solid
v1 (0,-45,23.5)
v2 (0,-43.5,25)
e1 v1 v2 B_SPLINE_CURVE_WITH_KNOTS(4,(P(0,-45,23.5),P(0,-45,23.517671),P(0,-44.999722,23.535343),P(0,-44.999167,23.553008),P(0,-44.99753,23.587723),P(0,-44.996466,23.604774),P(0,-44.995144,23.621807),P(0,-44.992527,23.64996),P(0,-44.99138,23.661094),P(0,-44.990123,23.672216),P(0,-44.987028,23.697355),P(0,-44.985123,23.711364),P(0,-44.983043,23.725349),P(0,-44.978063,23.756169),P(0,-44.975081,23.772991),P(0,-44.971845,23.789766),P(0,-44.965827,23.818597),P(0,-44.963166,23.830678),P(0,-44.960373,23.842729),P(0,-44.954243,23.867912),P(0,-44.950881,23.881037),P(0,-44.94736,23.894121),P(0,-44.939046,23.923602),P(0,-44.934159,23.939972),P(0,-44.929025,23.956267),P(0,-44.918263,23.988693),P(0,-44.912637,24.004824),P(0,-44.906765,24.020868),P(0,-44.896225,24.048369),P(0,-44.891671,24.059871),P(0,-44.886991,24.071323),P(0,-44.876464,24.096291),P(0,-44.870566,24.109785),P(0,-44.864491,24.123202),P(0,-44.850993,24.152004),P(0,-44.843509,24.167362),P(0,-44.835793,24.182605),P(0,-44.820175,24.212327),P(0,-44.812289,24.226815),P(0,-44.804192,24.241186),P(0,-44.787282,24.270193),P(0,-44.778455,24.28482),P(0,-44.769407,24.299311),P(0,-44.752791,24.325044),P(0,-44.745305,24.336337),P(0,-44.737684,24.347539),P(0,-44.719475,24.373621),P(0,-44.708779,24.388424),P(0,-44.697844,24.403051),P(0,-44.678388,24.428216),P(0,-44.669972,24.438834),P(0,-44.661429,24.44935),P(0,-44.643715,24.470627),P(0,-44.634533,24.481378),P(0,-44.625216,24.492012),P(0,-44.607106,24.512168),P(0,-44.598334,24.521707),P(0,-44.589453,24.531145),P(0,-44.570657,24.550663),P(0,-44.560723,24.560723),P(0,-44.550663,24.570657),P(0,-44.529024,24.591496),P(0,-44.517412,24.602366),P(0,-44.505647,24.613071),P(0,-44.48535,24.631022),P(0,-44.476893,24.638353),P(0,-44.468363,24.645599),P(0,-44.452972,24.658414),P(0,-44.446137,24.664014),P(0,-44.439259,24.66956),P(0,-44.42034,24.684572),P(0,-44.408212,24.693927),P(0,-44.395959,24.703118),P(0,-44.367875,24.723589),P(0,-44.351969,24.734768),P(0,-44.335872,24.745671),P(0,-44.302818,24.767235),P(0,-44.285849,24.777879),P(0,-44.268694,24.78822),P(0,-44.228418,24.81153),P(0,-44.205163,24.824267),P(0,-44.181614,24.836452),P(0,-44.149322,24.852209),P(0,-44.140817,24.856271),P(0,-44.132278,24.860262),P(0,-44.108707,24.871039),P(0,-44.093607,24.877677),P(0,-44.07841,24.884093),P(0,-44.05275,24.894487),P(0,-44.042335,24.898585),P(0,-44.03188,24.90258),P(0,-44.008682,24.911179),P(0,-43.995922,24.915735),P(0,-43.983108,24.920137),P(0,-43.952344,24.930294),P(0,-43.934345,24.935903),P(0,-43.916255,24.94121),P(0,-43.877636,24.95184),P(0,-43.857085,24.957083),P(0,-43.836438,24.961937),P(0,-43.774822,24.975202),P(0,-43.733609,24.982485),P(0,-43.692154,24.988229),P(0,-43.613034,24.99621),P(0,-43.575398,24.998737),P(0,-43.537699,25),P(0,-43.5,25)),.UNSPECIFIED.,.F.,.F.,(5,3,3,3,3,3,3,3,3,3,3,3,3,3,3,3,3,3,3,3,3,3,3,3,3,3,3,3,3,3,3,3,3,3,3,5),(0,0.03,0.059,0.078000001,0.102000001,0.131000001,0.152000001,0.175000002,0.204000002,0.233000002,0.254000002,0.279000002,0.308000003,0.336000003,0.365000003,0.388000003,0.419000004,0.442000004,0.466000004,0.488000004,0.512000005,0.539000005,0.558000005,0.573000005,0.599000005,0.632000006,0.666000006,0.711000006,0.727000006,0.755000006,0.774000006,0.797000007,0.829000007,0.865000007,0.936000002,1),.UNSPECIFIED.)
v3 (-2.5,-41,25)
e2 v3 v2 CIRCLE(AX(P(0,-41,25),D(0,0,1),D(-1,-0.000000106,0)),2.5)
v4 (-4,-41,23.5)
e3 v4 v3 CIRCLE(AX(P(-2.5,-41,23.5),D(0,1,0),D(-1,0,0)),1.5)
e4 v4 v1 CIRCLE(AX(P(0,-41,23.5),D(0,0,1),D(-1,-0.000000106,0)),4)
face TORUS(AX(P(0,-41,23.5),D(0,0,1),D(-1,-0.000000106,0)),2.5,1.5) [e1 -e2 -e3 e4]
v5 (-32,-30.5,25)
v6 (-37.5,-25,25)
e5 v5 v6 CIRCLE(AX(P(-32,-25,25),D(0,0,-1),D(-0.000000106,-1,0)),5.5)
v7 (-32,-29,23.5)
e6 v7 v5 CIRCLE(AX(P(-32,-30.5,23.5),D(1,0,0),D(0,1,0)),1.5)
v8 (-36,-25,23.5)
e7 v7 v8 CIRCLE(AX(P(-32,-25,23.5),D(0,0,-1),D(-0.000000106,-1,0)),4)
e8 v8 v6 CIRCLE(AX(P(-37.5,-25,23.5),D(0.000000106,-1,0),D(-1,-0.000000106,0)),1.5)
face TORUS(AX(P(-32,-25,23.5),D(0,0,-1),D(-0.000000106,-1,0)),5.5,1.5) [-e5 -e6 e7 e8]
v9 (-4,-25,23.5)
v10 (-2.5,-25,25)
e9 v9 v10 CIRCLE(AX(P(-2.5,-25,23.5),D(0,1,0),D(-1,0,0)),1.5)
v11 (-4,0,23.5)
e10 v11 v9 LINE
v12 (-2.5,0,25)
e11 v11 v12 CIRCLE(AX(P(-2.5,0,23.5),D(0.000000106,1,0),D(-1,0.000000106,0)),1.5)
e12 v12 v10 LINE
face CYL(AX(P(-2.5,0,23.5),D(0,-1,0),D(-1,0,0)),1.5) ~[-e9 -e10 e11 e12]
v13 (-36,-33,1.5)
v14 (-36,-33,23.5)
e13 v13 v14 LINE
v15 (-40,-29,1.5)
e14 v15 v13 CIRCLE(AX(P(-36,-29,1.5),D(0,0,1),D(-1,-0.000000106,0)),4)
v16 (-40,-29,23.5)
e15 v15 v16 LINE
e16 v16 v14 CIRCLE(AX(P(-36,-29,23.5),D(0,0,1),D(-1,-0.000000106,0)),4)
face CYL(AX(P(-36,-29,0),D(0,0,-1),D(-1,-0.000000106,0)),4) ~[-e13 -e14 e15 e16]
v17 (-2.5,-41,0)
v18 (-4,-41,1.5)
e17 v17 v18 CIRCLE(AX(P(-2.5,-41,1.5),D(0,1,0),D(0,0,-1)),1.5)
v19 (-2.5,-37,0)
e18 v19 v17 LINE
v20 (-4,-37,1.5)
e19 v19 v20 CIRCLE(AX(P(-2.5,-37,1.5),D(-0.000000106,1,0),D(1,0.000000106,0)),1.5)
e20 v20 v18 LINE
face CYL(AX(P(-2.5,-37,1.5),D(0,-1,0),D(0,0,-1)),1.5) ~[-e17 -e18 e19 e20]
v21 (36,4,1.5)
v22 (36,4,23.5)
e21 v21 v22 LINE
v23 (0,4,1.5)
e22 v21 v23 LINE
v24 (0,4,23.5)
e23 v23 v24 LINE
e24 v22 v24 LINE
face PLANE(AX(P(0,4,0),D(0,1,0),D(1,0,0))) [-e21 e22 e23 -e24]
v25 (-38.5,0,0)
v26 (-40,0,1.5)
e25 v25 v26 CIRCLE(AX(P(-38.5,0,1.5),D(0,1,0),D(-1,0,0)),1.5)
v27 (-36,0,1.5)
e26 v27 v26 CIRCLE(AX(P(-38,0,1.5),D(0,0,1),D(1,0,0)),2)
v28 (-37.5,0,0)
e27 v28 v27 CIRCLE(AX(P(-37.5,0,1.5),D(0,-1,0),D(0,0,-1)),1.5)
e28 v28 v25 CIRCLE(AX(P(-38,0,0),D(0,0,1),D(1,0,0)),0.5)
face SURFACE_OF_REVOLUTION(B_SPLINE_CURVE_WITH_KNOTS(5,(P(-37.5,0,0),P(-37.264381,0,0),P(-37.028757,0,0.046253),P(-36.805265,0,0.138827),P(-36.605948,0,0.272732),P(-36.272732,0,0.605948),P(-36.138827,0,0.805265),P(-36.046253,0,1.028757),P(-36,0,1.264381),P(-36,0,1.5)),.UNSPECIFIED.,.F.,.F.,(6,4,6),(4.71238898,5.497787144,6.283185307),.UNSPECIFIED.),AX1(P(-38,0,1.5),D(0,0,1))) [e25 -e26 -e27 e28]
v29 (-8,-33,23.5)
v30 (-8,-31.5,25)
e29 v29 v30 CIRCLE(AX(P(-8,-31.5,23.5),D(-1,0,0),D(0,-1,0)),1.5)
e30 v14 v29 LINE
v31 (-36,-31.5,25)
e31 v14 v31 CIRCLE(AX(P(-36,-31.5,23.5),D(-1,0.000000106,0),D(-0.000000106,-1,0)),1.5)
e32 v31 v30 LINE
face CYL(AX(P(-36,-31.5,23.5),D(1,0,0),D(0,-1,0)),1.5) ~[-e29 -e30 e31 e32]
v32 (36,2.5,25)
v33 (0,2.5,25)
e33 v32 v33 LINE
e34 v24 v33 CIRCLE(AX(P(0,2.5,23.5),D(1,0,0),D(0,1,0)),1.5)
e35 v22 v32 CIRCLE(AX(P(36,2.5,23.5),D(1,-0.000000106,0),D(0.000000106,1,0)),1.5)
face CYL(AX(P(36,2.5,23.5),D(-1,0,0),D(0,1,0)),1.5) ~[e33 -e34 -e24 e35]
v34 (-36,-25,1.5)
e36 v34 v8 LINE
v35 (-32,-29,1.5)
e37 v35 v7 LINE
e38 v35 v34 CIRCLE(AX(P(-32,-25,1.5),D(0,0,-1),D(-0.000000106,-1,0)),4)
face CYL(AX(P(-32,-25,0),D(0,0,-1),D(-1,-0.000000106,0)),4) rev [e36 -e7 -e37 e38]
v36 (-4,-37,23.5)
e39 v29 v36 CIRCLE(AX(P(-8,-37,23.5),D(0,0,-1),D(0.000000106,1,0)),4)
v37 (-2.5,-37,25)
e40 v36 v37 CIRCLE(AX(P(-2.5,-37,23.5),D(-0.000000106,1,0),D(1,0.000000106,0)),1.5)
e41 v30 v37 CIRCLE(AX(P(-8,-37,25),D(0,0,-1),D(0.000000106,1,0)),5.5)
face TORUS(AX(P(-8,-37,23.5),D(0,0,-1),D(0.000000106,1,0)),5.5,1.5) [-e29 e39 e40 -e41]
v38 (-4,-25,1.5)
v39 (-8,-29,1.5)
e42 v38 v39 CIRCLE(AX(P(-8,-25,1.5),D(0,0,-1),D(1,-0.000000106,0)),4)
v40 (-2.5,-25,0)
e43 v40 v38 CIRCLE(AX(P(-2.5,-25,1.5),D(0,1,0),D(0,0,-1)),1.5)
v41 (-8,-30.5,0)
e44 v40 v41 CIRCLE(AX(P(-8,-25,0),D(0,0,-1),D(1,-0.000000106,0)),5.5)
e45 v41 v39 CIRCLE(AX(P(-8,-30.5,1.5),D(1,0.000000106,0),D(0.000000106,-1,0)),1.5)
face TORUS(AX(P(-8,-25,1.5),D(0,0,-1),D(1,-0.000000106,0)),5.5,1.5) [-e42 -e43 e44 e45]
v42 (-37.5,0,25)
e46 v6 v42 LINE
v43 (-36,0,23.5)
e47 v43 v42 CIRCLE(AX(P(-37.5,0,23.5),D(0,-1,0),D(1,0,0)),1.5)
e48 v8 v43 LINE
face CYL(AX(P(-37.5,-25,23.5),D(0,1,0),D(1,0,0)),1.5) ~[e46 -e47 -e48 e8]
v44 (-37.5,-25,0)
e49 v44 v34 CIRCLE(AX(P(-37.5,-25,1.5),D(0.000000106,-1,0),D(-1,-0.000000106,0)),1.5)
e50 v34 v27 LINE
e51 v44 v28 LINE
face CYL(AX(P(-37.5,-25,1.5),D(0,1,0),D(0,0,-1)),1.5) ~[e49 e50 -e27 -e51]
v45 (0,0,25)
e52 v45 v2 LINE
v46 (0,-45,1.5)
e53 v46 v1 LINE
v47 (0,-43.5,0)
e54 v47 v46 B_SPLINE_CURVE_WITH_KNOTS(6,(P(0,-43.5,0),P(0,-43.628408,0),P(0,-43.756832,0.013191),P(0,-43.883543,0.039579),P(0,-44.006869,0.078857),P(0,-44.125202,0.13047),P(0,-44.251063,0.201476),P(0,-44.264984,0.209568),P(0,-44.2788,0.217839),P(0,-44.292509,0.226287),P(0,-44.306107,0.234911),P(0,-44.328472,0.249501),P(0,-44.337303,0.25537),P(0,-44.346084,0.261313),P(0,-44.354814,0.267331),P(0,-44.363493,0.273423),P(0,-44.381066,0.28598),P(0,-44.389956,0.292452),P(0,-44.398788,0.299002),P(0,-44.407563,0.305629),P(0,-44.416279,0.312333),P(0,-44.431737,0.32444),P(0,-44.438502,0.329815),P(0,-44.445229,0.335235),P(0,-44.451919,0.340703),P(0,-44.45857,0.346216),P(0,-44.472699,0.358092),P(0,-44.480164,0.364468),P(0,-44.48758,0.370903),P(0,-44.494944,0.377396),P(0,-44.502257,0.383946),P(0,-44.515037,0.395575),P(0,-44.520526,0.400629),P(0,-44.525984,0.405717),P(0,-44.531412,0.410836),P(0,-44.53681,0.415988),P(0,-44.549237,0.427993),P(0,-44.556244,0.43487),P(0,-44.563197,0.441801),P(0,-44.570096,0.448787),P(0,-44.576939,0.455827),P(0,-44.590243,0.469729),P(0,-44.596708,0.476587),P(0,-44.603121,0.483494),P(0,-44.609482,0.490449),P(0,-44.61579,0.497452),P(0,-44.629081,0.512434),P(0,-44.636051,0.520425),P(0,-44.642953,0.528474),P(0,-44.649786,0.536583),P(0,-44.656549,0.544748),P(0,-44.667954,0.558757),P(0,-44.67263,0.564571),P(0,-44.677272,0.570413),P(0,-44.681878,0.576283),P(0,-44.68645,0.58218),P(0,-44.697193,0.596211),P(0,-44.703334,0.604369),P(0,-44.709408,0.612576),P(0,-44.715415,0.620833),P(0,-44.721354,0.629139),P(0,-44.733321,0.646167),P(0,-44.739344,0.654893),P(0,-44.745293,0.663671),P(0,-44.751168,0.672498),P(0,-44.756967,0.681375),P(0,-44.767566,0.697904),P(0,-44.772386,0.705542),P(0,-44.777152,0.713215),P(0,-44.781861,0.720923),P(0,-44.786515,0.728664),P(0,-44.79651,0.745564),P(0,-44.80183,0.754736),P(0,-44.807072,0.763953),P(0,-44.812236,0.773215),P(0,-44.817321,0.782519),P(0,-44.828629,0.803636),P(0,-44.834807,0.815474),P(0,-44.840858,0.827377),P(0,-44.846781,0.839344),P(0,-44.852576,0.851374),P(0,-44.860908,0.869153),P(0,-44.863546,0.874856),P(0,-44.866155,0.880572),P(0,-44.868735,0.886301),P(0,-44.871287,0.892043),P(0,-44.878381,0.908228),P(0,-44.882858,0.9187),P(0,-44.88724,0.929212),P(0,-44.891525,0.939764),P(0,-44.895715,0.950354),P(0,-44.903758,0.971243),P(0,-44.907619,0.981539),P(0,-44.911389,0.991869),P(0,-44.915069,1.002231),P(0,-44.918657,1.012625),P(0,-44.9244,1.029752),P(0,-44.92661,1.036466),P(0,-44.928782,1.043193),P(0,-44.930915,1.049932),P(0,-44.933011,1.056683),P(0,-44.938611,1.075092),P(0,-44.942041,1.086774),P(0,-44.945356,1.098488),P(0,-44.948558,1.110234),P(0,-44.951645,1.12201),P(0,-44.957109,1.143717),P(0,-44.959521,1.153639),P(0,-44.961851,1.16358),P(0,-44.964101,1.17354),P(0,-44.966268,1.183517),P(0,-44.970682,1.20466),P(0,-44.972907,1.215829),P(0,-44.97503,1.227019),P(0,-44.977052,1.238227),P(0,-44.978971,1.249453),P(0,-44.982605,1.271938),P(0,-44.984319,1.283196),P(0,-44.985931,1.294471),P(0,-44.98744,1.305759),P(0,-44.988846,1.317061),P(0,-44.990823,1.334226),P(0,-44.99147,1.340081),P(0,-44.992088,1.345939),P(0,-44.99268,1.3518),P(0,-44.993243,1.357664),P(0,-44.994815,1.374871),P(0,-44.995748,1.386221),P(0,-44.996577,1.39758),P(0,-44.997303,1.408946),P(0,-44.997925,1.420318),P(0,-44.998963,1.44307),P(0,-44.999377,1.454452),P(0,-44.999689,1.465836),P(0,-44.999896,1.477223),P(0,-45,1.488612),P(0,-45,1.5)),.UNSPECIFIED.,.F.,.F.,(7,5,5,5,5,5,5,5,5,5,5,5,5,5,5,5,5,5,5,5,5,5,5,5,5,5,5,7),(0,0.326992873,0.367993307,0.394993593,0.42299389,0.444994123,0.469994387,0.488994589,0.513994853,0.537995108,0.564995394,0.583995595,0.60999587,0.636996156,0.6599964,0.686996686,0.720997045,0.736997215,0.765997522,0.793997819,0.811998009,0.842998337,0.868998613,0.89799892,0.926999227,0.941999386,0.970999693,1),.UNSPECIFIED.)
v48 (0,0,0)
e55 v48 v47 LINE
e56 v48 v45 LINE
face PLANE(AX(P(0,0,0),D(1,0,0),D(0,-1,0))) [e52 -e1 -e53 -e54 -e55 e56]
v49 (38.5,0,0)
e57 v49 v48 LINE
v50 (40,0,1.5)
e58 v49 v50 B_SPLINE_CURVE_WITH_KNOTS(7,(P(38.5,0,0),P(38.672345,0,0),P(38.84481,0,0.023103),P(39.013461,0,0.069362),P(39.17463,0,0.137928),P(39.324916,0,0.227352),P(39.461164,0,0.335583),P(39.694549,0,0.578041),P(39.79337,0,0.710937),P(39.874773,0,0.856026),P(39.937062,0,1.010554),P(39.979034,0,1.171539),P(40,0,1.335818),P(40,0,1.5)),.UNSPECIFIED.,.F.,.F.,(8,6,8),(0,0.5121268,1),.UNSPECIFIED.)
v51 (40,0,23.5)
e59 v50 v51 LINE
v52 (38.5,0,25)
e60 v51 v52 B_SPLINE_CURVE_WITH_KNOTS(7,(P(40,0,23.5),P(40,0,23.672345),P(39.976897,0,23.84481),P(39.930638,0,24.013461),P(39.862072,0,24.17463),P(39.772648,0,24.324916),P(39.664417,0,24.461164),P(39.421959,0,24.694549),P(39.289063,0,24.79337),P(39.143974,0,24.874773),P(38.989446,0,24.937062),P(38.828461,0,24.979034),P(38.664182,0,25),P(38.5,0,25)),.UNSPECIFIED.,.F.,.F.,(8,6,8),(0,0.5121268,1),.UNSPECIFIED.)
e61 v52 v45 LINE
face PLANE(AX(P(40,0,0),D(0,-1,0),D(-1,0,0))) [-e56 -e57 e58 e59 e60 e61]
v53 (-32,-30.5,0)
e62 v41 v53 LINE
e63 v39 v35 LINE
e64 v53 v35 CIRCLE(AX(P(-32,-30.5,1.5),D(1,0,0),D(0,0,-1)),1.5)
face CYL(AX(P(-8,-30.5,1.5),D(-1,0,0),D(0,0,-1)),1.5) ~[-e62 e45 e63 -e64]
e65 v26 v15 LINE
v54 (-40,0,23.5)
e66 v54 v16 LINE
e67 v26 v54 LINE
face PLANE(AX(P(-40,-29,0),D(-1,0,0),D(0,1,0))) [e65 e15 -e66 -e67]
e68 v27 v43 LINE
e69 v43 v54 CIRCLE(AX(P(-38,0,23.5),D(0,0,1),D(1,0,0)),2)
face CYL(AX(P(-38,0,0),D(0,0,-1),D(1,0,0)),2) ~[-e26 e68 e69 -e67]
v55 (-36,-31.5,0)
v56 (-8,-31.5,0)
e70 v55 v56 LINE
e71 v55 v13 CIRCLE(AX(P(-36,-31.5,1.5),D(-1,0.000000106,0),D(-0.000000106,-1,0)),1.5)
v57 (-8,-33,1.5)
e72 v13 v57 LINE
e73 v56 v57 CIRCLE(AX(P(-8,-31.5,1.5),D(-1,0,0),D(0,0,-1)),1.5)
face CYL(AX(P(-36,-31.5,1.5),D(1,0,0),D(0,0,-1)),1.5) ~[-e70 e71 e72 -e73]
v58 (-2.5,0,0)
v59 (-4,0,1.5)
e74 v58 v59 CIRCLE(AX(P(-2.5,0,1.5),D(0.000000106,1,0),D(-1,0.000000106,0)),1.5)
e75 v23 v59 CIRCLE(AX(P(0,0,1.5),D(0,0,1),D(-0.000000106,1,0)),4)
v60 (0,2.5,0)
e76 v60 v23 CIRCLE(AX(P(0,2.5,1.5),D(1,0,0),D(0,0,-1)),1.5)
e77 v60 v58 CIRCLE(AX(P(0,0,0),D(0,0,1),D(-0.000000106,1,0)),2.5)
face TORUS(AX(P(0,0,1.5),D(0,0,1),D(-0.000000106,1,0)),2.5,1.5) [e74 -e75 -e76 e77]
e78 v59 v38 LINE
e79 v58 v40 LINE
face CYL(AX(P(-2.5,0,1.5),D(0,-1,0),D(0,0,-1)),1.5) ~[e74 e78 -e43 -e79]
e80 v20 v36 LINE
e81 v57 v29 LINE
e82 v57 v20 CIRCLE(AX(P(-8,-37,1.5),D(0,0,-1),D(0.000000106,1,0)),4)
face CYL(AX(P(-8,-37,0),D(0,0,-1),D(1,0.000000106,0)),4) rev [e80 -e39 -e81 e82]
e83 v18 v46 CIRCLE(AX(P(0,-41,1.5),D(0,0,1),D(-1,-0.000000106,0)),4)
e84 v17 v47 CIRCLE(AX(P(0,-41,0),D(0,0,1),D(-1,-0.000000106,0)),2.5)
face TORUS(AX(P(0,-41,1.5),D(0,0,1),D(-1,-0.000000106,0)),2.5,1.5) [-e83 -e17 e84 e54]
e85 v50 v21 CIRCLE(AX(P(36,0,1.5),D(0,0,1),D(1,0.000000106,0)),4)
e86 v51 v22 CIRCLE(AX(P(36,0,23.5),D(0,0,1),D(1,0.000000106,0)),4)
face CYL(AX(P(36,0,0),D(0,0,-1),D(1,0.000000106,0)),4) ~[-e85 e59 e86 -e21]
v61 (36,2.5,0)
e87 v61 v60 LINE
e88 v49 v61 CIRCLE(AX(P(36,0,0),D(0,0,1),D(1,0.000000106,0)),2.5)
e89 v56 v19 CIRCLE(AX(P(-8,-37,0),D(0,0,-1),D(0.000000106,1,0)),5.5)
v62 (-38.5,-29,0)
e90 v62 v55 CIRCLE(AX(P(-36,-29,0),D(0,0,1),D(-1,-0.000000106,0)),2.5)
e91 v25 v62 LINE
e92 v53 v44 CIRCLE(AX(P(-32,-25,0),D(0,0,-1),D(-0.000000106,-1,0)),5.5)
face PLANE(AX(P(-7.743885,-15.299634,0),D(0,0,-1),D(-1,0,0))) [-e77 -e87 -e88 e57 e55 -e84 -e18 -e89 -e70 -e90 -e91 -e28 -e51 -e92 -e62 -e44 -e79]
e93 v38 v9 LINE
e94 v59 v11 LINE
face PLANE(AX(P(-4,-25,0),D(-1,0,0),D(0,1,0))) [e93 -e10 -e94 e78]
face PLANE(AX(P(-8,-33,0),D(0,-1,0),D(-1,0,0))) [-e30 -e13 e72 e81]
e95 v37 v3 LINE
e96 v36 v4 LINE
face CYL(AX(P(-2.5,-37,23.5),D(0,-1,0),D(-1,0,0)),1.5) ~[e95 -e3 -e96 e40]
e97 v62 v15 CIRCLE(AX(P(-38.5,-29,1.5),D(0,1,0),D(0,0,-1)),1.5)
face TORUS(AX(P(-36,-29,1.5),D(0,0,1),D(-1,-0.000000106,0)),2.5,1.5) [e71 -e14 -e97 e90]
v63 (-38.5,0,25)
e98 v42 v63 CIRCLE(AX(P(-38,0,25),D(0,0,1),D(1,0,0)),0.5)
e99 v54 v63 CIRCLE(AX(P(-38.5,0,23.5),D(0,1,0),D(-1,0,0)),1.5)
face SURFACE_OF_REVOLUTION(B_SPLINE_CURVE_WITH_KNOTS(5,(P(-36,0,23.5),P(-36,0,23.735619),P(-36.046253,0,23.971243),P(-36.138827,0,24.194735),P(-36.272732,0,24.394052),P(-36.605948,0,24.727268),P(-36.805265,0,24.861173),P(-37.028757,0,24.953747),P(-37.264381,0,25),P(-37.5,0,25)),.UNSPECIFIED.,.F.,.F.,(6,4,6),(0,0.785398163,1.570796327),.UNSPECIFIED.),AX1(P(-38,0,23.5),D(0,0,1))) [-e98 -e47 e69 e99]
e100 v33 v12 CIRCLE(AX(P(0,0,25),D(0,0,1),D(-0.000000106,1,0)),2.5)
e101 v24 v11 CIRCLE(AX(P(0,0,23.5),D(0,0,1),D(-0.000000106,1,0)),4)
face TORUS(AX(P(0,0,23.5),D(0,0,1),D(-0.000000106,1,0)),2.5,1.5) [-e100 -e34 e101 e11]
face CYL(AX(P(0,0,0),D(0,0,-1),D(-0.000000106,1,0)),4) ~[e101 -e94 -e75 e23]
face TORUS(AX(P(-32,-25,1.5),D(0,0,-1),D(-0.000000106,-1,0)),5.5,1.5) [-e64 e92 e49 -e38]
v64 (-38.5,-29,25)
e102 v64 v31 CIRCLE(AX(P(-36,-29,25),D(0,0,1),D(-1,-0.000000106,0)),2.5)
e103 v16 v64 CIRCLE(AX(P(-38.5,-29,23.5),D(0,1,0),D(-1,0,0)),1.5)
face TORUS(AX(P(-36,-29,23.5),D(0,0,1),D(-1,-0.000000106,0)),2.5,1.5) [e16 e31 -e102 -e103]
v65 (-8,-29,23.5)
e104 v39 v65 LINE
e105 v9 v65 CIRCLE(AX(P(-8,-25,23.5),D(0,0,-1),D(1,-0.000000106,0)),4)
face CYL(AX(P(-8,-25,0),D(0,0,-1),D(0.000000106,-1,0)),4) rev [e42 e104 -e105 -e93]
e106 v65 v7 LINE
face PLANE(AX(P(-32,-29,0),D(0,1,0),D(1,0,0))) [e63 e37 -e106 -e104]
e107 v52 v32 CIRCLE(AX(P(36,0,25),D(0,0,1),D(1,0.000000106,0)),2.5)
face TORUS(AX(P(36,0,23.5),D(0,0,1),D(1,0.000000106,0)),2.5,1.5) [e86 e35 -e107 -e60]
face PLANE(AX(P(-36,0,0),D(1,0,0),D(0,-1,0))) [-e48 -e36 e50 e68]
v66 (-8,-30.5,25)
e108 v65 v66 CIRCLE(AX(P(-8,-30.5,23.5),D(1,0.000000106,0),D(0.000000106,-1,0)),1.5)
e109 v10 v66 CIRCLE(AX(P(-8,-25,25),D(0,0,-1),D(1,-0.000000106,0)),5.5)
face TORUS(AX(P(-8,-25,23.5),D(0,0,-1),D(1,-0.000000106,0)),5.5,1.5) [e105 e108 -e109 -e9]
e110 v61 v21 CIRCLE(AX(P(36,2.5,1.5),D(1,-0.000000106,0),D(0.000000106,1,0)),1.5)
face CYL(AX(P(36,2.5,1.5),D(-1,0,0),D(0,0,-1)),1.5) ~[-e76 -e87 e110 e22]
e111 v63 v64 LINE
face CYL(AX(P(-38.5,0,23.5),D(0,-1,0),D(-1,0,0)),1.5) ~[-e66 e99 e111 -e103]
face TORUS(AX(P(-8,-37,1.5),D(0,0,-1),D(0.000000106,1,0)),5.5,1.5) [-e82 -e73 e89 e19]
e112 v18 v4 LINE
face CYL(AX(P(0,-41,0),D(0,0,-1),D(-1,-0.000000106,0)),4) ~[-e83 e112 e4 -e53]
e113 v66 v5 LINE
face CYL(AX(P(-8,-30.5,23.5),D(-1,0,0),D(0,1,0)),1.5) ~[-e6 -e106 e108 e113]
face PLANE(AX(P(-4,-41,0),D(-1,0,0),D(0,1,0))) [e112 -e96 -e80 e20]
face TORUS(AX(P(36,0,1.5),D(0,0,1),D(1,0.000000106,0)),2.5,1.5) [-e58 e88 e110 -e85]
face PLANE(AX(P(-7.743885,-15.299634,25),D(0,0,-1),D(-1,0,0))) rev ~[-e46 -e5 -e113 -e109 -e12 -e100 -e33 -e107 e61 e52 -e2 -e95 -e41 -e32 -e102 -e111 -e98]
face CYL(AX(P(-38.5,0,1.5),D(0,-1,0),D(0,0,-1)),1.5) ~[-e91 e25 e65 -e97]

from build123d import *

# Parameters (mm, degrees)
PAD_DEPTH   = 25
FILLET_R    = 1.5
FILLET001_R = 1.5


with BuildPart() as part:
    # Sketch → Pad (new body)
    with BuildSketch(Plane.XY):
        with BuildLine():
            Line((0, 0), (0, -45))
            ThreePointArc((-4, -41), (-2.828427, -43.828427), (0, -45))
            Line((-4, -41), (-4, -37))
            ThreePointArc((-4, -37), (-5.171573, -34.171573), (-8, -33))
            Line((-8, -33), (-36, -33))
            ThreePointArc((-40, -29), (-38.828427, -31.828427), (-36, -33))
            Line((-40, -29), (-40, 0))
            ThreePointArc((-36, 0), (-38, 2), (-40, 0))
            Line((-36, 0), (-36, -25))
            ThreePointArc((-36, -25), (-34.828427, -27.828427), (-32, -29))
            Line((-32, -29), (-8, -29))
            ThreePointArc((-8, -29), (-5.171573, -27.828427), (-4, -25))
            Line((-4, -25), (-4, 0))
            ThreePointArc((0, 4), (-2.828427, 2.828427), (-4, 0))
            Line((0, 4), (36, 4))
            ThreePointArc((40, 0), (38.828427, 2.828427), (36, 4))
            Line((40, 0), (0, 0))
        make_face()
    extrude(amount=PAD_DEPTH)

    # Fillet
    fillet_edges = [part.edges().sort_by_distance(p)[0] for p in [
        (-2.828427, -43.828427, 25),
        (-4, -39, 25),
        (-5.171573, -34.171573, 25),
        (-22, -33, 25),
        (-38.828427, -31.828427, 25),
        (-40, -14.5, 25),
        (-38, 2, 25),
        (-36, -12.5, 25),
        (-34.828427, -27.828427, 25),
        (-20, -29, 25),
        (-5.171573, -27.828427, 25),
        (-4, -12.5, 25),
        (-2.828427, 2.828427, 25),
        (18, 4, 25),
        (38.828427, 2.828427, 25),
    ]]
    fillet(fillet_edges, radius=FILLET_R)

    # Fillet001
    fillet001_edges = [part.edges().sort_by_distance(p)[0] for p in [
        (38.828427, 2.828427, 0),
        (18, 4, 0),
        (-2.828427, 2.828427, 0),
        (-4, -12.5, 0),
        (-5.171573, -27.828427, 0),
        (-20, -29, 0),
        (-34.828427, -27.828427, 0),
        (-36, -12.5, 0),
        (-38, 2, 0),
        (-40, -14.5, 0),
        (-38.828427, -31.828427, 0),
        (-22, -33, 0),
        (-5.171573, -34.171573, 0),
        (-4, -39, 0),
        (-2.828427, -43.828427, 0),
    ]]
    fillet(fillet001_edges, radius=FILLET001_R)


solid = part.part
